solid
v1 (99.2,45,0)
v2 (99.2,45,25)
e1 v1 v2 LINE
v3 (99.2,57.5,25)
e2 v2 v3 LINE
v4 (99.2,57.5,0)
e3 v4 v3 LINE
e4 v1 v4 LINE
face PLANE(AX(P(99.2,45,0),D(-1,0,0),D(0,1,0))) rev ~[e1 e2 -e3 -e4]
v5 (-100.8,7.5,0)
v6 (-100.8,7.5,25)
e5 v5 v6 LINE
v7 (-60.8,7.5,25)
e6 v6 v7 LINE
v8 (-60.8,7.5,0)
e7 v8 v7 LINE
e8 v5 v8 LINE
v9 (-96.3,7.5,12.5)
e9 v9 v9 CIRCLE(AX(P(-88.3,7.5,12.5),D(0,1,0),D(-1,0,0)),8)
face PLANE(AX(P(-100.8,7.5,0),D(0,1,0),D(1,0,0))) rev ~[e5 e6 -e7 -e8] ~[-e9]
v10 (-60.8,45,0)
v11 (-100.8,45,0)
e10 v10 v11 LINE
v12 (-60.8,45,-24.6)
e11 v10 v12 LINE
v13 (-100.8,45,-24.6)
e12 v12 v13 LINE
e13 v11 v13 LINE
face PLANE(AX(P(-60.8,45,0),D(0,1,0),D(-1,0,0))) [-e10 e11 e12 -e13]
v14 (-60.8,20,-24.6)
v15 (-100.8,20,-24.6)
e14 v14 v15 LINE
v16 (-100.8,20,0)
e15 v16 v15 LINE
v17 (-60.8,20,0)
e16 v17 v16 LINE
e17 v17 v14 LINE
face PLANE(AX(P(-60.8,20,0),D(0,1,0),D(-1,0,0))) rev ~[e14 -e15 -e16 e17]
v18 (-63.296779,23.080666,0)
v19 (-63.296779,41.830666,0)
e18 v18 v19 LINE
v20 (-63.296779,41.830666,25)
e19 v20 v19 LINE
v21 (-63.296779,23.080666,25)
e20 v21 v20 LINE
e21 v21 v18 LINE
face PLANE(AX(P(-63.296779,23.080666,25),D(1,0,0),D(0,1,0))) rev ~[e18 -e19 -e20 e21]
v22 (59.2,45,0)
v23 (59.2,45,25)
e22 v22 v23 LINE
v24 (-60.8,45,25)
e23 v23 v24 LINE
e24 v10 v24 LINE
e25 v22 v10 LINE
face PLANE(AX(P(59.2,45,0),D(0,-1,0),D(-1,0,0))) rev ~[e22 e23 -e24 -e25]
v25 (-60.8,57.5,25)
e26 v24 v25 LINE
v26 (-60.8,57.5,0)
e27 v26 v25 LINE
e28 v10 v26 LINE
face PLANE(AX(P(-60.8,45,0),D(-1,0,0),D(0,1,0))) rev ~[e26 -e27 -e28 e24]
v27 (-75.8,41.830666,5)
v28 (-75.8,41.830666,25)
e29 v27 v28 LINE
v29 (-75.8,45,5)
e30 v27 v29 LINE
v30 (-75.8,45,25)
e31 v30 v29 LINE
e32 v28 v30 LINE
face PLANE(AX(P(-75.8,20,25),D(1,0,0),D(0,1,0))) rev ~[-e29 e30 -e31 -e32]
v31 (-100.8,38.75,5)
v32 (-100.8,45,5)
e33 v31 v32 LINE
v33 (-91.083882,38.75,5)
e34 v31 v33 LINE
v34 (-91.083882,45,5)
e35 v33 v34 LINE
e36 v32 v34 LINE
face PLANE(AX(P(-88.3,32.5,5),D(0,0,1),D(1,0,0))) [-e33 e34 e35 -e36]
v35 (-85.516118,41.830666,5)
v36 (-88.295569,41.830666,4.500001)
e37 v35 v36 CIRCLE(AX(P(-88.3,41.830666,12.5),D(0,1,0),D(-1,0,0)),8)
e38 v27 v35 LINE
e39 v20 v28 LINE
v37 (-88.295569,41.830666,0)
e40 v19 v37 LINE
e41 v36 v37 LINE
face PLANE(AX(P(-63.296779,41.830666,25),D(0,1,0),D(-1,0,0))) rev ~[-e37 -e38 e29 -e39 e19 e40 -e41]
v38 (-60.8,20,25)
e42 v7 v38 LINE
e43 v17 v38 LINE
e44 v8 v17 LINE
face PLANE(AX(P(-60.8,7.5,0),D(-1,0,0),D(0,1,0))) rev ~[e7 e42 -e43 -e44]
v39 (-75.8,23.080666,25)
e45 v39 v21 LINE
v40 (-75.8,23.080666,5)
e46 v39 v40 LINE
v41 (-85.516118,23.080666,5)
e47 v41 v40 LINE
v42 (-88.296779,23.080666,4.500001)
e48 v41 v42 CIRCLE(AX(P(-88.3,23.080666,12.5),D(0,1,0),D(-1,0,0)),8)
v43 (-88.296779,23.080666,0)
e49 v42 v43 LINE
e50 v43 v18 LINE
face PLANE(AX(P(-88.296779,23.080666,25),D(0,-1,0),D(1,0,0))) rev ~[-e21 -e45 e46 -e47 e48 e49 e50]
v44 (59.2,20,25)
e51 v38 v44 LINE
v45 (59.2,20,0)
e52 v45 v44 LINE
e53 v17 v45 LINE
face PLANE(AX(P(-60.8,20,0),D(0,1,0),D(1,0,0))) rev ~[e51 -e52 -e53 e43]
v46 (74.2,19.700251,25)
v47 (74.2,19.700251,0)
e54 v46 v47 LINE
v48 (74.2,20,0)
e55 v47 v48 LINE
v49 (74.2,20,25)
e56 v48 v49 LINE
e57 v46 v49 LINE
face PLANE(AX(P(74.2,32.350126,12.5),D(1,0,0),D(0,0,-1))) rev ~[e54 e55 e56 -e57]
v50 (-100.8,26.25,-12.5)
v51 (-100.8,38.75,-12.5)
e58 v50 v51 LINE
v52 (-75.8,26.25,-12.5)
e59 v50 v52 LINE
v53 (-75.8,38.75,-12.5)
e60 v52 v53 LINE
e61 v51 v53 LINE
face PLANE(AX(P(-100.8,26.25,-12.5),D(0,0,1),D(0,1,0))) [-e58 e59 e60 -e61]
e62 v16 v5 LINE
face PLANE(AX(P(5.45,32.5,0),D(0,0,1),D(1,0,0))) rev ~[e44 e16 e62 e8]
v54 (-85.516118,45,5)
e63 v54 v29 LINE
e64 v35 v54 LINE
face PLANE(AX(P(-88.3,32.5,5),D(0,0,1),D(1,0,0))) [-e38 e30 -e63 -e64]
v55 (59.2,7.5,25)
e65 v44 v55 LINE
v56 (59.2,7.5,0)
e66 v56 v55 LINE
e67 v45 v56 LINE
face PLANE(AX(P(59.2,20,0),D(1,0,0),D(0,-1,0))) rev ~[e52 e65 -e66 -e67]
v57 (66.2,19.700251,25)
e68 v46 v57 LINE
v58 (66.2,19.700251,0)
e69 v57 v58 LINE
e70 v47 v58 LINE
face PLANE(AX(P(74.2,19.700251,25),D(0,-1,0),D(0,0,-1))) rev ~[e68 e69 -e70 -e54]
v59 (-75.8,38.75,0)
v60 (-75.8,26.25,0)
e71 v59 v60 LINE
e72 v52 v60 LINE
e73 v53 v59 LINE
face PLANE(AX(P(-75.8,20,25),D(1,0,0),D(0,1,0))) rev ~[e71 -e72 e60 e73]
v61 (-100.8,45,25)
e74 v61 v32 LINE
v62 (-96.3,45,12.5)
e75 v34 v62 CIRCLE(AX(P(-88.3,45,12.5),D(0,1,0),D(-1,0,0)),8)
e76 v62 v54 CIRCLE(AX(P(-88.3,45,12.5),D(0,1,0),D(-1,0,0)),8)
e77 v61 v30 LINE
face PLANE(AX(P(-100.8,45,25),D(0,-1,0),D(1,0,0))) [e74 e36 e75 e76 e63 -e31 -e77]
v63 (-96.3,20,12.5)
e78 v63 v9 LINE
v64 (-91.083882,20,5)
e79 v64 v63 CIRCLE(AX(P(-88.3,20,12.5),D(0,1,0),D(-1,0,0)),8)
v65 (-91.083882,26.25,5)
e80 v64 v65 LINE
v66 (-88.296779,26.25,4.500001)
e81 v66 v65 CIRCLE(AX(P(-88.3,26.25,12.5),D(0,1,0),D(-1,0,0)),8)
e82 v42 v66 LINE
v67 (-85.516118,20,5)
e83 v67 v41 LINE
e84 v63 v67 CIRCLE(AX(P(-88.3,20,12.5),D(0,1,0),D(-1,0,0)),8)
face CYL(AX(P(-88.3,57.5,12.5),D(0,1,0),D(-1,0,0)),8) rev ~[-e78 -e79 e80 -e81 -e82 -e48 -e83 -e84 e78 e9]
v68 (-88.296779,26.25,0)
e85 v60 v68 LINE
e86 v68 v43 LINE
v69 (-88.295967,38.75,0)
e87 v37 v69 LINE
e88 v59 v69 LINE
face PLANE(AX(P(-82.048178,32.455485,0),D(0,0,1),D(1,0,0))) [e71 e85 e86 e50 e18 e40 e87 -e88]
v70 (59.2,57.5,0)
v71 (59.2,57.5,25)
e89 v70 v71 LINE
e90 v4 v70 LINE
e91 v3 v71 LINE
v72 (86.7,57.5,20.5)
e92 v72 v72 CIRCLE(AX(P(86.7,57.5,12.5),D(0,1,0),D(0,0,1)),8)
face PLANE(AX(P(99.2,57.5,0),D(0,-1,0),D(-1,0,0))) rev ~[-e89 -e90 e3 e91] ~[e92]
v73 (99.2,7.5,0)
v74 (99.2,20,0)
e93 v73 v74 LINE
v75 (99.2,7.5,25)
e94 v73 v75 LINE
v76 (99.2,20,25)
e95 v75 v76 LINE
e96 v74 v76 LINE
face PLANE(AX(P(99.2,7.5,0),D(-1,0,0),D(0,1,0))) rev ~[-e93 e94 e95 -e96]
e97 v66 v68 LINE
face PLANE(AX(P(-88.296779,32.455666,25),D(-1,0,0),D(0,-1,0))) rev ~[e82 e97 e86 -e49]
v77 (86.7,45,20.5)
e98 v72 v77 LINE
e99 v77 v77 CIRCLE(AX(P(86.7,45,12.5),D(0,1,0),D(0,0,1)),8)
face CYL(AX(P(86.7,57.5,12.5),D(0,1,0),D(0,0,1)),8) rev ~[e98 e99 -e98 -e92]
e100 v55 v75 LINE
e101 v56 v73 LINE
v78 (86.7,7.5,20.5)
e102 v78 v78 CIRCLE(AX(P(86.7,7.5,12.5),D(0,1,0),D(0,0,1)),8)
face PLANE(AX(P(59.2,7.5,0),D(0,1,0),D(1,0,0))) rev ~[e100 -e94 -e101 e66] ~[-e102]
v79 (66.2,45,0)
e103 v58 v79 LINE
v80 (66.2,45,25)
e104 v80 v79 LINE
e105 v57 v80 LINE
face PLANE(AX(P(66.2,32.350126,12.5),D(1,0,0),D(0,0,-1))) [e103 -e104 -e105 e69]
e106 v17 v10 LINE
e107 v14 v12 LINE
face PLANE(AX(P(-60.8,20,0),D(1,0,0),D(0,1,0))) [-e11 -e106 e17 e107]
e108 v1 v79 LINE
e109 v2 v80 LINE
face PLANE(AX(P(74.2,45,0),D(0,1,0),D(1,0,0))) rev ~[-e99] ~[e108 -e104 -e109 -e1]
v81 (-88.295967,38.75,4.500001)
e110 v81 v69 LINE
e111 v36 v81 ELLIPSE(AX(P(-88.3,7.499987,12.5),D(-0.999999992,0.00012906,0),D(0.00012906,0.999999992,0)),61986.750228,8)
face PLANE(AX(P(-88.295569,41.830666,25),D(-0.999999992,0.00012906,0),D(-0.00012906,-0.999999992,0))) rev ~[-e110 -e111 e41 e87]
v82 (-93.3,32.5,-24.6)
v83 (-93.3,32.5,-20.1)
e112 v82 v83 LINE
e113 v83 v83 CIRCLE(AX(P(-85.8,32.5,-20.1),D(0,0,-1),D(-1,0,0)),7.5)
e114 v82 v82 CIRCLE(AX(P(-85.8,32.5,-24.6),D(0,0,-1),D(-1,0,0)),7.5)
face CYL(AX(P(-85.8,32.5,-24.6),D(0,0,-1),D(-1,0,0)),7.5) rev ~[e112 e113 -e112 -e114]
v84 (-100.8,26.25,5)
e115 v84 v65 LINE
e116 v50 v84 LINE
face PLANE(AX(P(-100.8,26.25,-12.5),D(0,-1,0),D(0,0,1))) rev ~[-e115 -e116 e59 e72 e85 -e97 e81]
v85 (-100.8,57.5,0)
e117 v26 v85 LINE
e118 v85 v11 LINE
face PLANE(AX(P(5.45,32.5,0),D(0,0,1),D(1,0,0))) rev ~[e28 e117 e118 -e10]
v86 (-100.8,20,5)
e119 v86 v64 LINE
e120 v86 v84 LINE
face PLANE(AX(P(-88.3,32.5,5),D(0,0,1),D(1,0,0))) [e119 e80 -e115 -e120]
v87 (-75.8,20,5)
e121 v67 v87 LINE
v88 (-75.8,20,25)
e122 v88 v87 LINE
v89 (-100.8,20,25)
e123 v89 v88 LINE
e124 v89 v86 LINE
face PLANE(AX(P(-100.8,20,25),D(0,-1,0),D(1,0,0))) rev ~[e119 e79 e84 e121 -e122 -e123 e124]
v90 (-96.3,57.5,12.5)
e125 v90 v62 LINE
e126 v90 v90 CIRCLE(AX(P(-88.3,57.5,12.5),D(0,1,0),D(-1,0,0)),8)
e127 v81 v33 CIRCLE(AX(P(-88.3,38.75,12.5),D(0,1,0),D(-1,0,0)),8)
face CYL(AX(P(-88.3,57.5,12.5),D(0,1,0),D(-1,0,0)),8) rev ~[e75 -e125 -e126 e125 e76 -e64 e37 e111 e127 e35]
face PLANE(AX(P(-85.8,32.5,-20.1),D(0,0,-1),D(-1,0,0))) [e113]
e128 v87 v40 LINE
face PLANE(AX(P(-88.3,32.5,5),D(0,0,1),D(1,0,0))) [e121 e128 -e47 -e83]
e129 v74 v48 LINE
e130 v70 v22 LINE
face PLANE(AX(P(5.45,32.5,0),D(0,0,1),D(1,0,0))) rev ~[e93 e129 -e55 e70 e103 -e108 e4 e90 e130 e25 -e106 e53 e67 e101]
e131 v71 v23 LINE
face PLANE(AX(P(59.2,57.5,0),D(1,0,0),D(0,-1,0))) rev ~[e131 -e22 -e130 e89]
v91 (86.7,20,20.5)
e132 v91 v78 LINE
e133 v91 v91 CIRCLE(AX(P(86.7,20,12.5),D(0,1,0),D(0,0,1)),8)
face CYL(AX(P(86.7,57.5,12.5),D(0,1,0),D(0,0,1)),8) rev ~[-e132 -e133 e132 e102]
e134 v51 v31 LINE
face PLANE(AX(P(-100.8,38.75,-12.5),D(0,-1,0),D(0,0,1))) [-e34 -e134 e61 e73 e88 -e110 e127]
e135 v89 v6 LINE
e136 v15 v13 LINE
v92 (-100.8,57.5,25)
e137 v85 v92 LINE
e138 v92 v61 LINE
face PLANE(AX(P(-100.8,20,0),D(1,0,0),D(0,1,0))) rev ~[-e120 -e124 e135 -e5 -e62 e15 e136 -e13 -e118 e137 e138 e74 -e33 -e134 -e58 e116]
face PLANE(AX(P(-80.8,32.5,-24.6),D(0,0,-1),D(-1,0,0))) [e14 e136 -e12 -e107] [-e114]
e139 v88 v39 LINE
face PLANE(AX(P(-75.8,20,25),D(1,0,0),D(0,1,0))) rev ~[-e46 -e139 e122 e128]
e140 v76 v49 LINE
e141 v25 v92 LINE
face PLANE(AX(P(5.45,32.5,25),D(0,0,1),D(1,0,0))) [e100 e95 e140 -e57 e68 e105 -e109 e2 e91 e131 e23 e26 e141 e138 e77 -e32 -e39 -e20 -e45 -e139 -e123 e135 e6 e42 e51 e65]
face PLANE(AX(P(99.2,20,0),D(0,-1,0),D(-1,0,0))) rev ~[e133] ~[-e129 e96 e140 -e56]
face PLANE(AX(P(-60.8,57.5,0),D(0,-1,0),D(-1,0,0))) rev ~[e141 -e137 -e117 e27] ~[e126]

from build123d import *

# Parameters (mm, degrees)
BOSS_EXTRUDE1_DEPTH = 25
SKETCH2_R           = 8
CUT_EXTRUDE1_DEPTH  = 70.5
SKETCH3_R           = 8
CUT_EXTRUDE2_DEPTH  = 88
SKETCH4_W           = 40
SKETCH4_H           = 25
BOSS_EXTRUDE2_DEPTH = 24.6
SKETCH5_R           = 7.5
CUT_EXTRUDE4_DEPTH  = 4.5
SKETCH7_W           = 25
SKETCH7_H           = 25
CUT_EXTRUDE6_DEPTH  = 20
SKETCH10_W          = 25
SKETCH10_H          = 12.5
CUT_EXTRUDE7_DEPTH  = 25
SKETCH13_W          = 12.503220776
SKETCH13_H          = 18.75
CUT_EXTRUDE9_DEPTH  = 25
SKETCH17_W          = 25
SKETCH17_H          = 25.299748734
CUT_EXTRUDE11_DEPTH = 8


with BuildPart() as part:
    # Sketch1 → Boss-Extrude1 (new body)
    with BuildSketch(Plane.XY):
        Polygon((59.2, 45), (-60.8, 45), (-60.8, 57.5), (-100.8, 57.5), (-100.8, 45), (-100.8, 20), (-100.8, 7.5), (-60.8, 7.5), (-60.8, 20), (59.2, 20), (59.2, 7.5), (99.2, 7.5), (99.2, 20), (74.2, 20), (74.2, 45), (99.2, 45), (99.2, 57.5), (59.2, 57.5), align=None)
    extrude(amount=BOSS_EXTRUDE1_DEPTH)

    # Sketch2 → Cut-Extrude1 (cut)
    with BuildSketch(Plane(origin=(0, 57.5, 0), x_dir=(1, 0, 0), z_dir=(0, 1, 0))):
        with Locations(Location((-88.3, -12.5, 0), (0, 0, 180))):
            Circle(SKETCH2_R)
    extrude(amount=-CUT_EXTRUDE1_DEPTH, mode=Mode.SUBTRACT)

    # Sketch3 → Cut-Extrude2 (cut)
    with BuildSketch(Plane(origin=(0, 57.5, 0), x_dir=(1, 0, 0), z_dir=(0, 1, 0))):
        with Locations(Location((86.7, -12.5, 0), (0, 0, 270))):
            Circle(SKETCH3_R)
    extrude(amount=-CUT_EXTRUDE2_DEPTH, mode=Mode.SUBTRACT)

    # Sketch4 → Boss-Extrude2 (add)
    with BuildSketch(Plane(origin=(0, 0, 0), x_dir=(-1, 0, 0), z_dir=(0, 0, -1))):
        with Locations((80.8, 32.5)):
            Rectangle(SKETCH4_W, SKETCH4_H)
    extrude(amount=BOSS_EXTRUDE2_DEPTH)

    # Sketch5 → Cut-Extrude4 (cut)
    with BuildSketch(Plane(origin=(0, 0, -24.6), x_dir=(-1, 0, 0), z_dir=(0, 0, -1))):
        with Locations((85.8, 32.5)):
            Circle(SKETCH5_R)
    extrude(amount=-CUT_EXTRUDE4_DEPTH, mode=Mode.SUBTRACT)

    # Sketch7 → Cut-Extrude6 (cut)
    with BuildSketch(Plane.XY.offset(25)):
        with Locations((-88.3, 32.5)):
            Rectangle(SKETCH7_W, SKETCH7_H)
    extrude(amount=-CUT_EXTRUDE6_DEPTH, mode=Mode.SUBTRACT)

    # Sketch10 → Cut-Extrude7 (cut)
    with BuildSketch(Plane.ZY.offset(100.8)):
        with Locations((0, 32.5)):
            Rectangle(SKETCH10_W, SKETCH10_H)
    extrude(amount=-CUT_EXTRUDE7_DEPTH, mode=Mode.SUBTRACT)

    # Sketch13 → Cut-Extrude9 (cut)
    with BuildSketch(Plane.XY.offset(25)):
        Polygon((-88.295569288, 41.830666142), (-88.296779224, 32.455666142), (-88.296779224, 23.080666142), (-75.8, 23.080666142), (-75.8, 41.830666142), align=None)
        with Locations((-69.548389612, 32.455666142)):
            Rectangle(SKETCH13_W, SKETCH13_H)
    extrude(amount=-CUT_EXTRUDE9_DEPTH, mode=Mode.SUBTRACT)

    # Sketch17 → Cut-Extrude11 (cut)
    with BuildSketch(Plane(origin=(74.2, 0, 0), x_dir=(0, 0, -1), z_dir=(1, 0, 0))):
        with Locations((-12.5, 32.350125633)):
            Rectangle(SKETCH17_W, SKETCH17_H)
    extrude(amount=-CUT_EXTRUDE11_DEPTH, mode=Mode.SUBTRACT)


solid = part.part
